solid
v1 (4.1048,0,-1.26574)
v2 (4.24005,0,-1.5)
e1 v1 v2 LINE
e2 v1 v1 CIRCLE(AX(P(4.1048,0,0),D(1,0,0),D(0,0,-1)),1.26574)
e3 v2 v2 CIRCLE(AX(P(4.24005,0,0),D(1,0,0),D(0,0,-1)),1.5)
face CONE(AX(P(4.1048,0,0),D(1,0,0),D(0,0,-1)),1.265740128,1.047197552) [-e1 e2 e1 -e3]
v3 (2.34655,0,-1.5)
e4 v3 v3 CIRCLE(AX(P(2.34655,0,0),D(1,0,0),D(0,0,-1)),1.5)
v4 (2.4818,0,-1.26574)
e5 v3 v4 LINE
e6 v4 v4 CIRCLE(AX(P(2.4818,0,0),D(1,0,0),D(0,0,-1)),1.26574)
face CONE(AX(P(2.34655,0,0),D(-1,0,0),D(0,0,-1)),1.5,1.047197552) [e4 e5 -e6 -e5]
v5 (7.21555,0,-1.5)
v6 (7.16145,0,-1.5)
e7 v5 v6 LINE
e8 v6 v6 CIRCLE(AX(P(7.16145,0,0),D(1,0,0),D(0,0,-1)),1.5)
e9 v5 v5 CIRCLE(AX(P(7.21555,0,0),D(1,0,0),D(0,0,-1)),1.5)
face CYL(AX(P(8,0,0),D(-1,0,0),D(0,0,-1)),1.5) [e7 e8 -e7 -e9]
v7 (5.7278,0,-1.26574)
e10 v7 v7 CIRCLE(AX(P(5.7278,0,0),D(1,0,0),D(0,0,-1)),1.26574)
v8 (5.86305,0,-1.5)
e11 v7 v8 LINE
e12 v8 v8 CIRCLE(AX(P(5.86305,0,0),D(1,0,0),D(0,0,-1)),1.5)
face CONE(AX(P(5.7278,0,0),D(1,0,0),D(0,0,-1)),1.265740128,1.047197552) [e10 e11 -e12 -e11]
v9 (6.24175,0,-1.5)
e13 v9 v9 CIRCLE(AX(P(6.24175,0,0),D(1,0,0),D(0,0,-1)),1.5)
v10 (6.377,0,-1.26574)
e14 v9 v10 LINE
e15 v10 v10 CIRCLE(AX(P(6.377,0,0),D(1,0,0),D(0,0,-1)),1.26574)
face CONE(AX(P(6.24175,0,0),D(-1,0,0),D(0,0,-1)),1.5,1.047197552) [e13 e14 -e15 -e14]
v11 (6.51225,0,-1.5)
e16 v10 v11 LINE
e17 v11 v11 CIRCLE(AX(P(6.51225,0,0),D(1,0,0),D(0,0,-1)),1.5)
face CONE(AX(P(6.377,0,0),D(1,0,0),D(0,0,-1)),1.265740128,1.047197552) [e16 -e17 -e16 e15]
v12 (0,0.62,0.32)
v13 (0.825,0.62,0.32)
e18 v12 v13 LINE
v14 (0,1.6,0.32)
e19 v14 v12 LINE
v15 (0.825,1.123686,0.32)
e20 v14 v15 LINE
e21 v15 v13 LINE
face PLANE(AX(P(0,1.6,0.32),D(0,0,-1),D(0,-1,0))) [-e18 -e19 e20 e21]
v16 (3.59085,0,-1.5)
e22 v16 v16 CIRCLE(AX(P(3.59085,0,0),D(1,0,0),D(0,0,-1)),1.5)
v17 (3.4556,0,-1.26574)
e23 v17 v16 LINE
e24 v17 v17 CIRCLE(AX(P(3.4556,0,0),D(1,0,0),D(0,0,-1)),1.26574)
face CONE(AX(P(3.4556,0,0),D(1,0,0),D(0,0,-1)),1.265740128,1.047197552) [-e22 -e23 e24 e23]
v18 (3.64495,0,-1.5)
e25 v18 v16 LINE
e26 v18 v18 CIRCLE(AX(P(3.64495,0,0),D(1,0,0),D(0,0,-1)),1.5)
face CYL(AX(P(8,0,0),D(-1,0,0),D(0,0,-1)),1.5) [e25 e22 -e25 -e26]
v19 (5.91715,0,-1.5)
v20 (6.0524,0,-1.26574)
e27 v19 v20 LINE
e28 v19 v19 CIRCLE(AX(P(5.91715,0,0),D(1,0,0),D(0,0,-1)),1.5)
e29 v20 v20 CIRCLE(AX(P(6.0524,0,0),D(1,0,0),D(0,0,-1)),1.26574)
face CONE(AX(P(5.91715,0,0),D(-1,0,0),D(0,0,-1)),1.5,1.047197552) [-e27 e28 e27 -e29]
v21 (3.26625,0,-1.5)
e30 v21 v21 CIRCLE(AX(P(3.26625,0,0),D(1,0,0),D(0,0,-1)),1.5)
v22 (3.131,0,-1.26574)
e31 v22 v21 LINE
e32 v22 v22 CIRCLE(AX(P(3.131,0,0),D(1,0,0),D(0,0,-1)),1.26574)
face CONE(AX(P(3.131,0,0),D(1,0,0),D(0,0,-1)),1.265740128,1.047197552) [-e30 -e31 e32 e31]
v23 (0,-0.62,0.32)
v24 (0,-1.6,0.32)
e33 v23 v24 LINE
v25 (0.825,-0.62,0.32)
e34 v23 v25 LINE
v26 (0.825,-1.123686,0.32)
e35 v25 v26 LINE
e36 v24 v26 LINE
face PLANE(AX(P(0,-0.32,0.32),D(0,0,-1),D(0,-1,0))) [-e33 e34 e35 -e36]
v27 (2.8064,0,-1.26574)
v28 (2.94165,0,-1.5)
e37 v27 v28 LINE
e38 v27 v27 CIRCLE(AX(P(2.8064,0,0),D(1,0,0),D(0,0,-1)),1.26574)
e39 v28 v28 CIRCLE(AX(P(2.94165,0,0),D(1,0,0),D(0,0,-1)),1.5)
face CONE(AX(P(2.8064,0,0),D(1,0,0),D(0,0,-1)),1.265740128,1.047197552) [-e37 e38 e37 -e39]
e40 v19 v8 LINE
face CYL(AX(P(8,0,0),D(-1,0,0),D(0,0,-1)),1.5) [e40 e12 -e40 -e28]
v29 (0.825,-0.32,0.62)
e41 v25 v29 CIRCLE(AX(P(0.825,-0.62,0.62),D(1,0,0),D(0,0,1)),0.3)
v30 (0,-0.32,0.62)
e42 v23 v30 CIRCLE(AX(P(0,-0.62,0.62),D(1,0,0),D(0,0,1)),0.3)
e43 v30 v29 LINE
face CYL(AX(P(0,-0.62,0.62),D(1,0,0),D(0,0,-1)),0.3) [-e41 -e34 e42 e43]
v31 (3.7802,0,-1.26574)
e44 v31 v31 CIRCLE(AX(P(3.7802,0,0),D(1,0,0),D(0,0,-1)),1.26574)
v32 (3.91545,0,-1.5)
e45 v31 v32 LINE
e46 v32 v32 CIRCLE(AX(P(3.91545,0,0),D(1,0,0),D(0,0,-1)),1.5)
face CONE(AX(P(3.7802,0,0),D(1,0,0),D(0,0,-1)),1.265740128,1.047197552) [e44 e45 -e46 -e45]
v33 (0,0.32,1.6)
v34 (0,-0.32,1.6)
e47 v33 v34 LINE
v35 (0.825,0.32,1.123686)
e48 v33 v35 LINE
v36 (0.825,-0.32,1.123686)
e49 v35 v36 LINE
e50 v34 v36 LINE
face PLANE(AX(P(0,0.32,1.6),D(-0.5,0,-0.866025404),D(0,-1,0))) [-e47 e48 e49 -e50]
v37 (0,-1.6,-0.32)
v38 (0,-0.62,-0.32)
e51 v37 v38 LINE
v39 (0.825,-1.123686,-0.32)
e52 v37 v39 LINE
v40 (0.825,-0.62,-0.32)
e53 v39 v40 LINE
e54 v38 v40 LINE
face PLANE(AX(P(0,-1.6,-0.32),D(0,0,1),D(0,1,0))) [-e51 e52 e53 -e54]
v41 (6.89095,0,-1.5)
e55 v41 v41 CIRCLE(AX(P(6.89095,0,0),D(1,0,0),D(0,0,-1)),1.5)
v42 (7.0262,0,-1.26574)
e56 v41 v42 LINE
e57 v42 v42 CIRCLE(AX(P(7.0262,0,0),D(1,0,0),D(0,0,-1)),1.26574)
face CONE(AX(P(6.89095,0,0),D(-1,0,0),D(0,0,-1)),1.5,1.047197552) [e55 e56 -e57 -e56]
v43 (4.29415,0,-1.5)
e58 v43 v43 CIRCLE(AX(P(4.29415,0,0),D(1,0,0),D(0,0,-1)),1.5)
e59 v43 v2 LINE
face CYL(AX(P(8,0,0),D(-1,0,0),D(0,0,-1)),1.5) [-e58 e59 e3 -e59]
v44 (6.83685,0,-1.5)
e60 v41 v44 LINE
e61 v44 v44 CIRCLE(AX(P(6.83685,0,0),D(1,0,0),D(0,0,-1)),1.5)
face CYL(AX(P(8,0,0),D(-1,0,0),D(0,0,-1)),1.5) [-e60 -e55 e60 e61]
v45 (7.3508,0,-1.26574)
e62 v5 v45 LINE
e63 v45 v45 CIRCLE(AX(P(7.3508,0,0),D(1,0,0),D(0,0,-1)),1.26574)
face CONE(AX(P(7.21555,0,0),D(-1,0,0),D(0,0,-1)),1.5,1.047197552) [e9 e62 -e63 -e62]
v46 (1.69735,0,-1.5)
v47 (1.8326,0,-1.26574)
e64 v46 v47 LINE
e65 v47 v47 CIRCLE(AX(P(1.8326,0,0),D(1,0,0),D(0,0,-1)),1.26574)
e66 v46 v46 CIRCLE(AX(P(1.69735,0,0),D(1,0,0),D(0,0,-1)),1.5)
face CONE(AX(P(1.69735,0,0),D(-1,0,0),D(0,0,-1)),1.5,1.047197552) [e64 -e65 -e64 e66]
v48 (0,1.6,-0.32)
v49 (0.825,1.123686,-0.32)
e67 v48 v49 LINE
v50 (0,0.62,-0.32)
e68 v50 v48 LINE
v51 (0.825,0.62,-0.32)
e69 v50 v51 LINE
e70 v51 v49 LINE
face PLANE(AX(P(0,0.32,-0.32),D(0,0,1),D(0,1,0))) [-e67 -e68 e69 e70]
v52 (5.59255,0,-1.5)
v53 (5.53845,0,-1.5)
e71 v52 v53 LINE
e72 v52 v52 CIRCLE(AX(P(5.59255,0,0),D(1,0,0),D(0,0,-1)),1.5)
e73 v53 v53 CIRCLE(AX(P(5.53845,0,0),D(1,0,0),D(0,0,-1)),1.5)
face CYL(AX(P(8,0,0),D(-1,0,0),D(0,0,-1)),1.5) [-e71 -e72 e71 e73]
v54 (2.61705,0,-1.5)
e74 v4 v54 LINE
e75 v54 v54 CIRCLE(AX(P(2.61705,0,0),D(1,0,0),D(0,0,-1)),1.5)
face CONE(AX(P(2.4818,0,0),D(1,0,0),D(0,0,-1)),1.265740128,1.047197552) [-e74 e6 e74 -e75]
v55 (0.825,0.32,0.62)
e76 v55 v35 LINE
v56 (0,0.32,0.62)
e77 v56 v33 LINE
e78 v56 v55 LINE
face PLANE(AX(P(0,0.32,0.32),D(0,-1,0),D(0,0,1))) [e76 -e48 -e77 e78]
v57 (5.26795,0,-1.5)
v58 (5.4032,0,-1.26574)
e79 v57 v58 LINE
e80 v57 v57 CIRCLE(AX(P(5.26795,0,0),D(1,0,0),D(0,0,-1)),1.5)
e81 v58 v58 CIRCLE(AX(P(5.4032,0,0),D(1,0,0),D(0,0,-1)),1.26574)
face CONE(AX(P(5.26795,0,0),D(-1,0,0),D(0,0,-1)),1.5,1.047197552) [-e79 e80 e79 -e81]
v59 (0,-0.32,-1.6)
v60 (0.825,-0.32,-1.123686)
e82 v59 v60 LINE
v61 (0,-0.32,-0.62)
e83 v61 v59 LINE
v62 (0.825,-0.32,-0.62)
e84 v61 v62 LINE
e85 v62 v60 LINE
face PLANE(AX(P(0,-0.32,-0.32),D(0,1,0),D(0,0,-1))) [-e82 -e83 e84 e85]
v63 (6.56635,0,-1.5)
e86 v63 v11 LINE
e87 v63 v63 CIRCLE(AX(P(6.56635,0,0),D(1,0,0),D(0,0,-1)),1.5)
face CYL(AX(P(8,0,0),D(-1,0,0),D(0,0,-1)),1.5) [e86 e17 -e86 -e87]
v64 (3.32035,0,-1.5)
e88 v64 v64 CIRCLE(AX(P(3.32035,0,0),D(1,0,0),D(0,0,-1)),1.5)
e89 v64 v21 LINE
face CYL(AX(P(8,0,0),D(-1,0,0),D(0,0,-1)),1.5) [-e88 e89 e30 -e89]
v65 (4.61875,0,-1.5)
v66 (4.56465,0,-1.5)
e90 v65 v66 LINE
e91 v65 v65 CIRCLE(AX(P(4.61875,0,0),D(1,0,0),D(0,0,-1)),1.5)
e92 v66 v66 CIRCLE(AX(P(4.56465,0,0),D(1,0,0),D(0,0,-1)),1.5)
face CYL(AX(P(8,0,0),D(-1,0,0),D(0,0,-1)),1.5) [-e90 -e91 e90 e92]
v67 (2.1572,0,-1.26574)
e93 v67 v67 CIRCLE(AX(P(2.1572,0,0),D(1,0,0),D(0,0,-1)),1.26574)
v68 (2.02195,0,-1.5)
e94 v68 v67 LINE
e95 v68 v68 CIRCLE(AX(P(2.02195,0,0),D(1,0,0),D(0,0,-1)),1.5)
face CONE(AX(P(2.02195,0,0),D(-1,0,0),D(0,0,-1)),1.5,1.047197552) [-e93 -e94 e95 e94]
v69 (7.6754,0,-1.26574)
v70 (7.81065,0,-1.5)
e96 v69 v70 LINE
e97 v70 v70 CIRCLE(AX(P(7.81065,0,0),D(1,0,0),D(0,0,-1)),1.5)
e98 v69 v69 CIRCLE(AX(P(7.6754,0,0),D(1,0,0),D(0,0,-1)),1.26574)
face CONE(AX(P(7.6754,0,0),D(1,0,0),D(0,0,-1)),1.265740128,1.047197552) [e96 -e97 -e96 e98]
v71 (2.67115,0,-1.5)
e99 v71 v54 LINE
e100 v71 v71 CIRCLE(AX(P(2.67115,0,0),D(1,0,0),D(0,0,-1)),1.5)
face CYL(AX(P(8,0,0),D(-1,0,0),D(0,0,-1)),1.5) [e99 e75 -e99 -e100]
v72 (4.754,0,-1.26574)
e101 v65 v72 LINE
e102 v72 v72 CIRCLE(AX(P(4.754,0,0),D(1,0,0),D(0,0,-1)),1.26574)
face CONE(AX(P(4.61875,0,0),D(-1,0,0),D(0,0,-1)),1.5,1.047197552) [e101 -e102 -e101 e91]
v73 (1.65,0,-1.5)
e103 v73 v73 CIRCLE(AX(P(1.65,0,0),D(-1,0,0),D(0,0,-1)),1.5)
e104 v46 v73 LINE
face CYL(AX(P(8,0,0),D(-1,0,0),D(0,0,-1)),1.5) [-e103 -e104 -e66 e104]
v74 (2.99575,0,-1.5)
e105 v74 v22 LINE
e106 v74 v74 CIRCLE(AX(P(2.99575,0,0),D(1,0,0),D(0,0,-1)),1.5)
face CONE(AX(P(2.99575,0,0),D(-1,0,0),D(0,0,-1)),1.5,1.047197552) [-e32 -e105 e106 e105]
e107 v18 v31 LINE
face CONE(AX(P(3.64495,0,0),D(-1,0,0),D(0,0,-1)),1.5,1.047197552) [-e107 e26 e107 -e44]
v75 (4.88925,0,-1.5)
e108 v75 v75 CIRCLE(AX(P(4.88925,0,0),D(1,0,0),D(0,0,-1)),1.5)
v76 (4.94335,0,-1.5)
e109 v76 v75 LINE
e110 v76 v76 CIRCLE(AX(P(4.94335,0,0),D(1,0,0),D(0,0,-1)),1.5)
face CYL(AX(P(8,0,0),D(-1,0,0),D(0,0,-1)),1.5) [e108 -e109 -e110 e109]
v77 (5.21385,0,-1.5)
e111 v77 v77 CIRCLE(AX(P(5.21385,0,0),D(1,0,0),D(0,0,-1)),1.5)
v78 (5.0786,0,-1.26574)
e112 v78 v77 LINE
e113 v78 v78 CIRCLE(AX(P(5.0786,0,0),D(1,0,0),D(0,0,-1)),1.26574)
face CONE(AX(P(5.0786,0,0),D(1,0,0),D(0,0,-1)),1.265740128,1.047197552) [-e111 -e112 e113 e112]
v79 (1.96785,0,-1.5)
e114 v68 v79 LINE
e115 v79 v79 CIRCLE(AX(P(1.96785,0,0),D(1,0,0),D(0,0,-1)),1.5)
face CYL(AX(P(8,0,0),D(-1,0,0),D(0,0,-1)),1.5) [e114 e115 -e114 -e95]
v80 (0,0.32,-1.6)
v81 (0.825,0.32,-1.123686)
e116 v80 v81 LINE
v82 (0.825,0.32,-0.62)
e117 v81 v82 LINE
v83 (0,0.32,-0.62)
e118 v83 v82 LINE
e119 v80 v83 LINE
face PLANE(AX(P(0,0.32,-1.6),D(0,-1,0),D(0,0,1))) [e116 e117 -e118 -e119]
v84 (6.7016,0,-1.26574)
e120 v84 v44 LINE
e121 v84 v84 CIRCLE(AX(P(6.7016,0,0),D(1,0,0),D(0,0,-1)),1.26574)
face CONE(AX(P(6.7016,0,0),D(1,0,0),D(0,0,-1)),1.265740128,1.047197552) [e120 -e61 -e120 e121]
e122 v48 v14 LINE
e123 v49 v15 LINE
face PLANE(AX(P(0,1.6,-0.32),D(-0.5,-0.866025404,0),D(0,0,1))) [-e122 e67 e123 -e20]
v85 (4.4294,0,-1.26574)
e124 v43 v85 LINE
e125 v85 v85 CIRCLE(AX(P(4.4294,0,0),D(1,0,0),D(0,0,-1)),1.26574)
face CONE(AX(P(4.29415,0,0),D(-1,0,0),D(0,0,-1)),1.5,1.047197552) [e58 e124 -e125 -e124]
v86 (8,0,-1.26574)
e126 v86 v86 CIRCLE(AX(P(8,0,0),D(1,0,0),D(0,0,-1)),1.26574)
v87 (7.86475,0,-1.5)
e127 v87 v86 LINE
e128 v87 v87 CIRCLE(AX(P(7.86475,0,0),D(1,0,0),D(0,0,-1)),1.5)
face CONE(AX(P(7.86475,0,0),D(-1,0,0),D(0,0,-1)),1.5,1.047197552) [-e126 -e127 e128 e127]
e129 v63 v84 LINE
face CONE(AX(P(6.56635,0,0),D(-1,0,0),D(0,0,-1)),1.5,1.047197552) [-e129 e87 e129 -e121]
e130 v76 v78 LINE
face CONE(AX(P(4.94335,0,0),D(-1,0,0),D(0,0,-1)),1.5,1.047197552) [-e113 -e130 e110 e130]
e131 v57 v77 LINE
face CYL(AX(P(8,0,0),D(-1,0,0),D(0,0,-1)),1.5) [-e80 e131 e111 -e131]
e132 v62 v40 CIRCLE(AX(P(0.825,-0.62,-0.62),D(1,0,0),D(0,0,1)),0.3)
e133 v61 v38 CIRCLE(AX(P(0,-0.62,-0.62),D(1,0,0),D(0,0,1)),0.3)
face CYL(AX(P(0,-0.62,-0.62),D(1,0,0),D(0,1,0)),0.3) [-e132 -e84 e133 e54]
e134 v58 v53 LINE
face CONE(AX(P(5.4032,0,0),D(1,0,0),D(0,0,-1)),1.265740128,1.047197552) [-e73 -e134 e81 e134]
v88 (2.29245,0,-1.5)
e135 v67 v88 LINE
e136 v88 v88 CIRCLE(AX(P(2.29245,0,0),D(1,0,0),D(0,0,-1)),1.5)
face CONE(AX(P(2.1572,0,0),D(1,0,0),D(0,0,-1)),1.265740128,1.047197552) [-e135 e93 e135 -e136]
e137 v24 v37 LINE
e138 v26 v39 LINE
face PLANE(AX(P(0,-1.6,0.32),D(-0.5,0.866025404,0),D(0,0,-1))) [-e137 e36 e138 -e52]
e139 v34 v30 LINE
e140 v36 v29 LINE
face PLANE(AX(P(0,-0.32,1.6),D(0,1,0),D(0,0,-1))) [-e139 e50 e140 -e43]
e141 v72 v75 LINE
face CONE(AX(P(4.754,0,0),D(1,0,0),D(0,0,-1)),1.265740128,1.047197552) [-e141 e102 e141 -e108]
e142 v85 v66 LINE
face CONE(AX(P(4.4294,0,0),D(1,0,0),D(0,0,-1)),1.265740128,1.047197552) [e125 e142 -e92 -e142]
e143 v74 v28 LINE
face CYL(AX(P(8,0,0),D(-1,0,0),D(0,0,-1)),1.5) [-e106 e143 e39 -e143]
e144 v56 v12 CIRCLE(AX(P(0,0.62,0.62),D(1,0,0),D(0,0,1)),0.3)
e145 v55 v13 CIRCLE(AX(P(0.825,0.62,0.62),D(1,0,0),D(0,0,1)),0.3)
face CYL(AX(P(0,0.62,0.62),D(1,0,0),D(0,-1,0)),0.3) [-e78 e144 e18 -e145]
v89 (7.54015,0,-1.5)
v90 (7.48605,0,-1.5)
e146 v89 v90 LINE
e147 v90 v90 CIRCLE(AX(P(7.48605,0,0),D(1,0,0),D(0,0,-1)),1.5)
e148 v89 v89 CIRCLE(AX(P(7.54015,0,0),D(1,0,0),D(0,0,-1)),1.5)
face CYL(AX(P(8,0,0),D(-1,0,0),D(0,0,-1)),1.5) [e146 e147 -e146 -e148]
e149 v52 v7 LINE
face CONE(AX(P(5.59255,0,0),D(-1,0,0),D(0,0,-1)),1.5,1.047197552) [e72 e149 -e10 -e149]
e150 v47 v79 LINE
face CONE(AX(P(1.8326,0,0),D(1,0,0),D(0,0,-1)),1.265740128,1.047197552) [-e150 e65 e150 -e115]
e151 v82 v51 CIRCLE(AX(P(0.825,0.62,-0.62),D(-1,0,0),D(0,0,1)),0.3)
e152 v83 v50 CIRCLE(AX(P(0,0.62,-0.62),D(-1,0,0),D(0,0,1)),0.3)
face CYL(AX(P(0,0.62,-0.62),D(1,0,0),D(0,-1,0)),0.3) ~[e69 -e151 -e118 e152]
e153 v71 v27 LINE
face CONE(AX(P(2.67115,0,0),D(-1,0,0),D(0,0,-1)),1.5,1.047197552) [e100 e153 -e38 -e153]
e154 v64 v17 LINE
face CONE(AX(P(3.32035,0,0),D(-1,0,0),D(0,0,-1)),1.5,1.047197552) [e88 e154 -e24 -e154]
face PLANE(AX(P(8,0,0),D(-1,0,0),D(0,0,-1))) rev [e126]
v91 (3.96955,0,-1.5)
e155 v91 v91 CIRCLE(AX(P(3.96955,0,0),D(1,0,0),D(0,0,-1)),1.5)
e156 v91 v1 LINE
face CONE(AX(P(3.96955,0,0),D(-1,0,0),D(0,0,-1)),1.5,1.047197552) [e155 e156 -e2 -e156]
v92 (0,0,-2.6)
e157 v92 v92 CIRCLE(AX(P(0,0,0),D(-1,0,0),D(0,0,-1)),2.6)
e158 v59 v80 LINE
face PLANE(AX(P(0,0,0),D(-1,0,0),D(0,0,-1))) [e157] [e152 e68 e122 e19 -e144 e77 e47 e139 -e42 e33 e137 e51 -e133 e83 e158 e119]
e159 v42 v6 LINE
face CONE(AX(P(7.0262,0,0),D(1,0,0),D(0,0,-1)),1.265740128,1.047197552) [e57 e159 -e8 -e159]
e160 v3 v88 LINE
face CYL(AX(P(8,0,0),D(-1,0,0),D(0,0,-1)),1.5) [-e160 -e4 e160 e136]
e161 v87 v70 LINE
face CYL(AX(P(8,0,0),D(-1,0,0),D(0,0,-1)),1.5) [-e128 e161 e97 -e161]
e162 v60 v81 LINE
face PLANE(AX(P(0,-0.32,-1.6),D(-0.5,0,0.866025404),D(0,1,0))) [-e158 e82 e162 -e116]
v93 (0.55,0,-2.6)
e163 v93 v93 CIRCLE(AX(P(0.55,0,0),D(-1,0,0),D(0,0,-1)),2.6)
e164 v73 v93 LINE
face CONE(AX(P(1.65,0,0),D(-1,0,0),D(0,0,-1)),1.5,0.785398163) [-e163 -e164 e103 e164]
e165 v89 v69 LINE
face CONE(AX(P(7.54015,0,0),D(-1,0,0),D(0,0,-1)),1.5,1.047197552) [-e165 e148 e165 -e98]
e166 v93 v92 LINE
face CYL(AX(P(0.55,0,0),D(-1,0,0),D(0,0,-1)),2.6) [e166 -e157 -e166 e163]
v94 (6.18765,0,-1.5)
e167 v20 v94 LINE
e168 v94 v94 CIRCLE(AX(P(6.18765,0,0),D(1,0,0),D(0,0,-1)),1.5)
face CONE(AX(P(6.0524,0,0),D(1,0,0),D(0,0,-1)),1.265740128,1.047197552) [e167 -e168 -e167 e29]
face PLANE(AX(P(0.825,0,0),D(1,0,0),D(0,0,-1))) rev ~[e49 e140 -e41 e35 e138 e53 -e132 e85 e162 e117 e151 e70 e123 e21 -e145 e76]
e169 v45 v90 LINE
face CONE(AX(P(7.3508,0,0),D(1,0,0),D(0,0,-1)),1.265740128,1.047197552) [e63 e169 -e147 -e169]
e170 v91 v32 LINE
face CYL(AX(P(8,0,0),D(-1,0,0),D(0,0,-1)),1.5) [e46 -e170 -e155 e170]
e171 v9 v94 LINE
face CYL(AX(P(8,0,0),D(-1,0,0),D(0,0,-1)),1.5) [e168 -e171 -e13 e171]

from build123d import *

# Parameters (mm, degrees)
CROSSRECESS_DEPTH = 0.825
DRAFT9_ANGLE      = 30
FILLET5_R         = 0.3
LPATTERN10_COUNT  = 20
LPATTERN10_PITCH  = 0.3246


with BuildPart() as part:
    # Sketch1 → Base (revolve)
    with BuildSketch(Plane.XY, mode=Mode.PRIVATE) as base_sk:
        Polygon((8, 1.5), (2.65, 1.5), (1.65, 1.5), (0.55, 2.6), (0, 2.6), (0, 0), (8, 0), align=None)
    revolve(base_sk.sketch.rotate(Axis((4.515812911, 0, 0), (-1, 0, 0)), 90), axis=Axis((4.515812911, 0, 0), (-1, 0, 0)))

    # Sketch6 → CrossRecess (cut)
    with BuildSketch(Plane(origin=(0, 0, 0), x_dir=(0, 0, -1), z_dir=(1, 0, 0))):
        Polygon((0.32, 0.32), (0.32, 1.6), (-0.32, 1.6), (-0.32, 0.32), (-1.6, 0.32), (-1.6, -0.32), (-0.32, -0.32), (-0.32, -1.6), (0.32, -1.6), (0.32, -0.32), (1.6, -0.32), (1.6, 0.32), align=None)
    extrude(amount=CROSSRECESS_DEPTH, mode=Mode.SUBTRACT)

    # Draft9
    draft9_faces = [part.faces().sort_by_distance(p)[0] for p in [
        (0.4125, 1.6, 0),
        (0.4125, 0, 1.6),
        (0.4125, -1.6, 0),
        (0.4125, 0, -1.6),
    ]]
    draft(draft9_faces, Plane(origin=(0, 2.6, 0), x_dir=(0, 0, -1), z_dir=(-1, 0, 0)), DRAFT9_ANGLE)

    # Fillet5
    fillet5_edges = [part.edges().sort_by_distance(p)[0] for p in [
        (0.4125, 0.32, 0.32),
        (0.4125, -0.32, 0.32),
        (0.4125, -0.32, -0.32),
        (0.4125, 0.32, -0.32),
    ]]
    fillet(fillet5_edges, radius=FILLET5_R)

    # Sketch9 → Cut-Revolve10 (revolve, cut)
    with BuildSketch(Plane.XY, mode=Mode.PRIVATE) as cut_revolve10_sk:
        Polygon((8, 1.265740128), (8.13525, 1.5), (8.13525, 1.7705), (7.86475, 1.7705), (7.86475, 1.5), align=None)
    cut_revolve10 = revolve(cut_revolve10_sk.sketch.rotate(Axis((0, 0, 0), (1, 0, 0)), 270), axis=Axis((0, 0, 0), (1, 0, 0)), mode=Mode.SUBTRACT)

    # LPattern10: Cut-Revolve10 ×20
    with Locations(*[(-i * LPATTERN10_PITCH, 0, 0) for i in range(1, LPATTERN10_COUNT)]):
        add(cut_revolve10, mode=Mode.SUBTRACT)


solid = part.part
